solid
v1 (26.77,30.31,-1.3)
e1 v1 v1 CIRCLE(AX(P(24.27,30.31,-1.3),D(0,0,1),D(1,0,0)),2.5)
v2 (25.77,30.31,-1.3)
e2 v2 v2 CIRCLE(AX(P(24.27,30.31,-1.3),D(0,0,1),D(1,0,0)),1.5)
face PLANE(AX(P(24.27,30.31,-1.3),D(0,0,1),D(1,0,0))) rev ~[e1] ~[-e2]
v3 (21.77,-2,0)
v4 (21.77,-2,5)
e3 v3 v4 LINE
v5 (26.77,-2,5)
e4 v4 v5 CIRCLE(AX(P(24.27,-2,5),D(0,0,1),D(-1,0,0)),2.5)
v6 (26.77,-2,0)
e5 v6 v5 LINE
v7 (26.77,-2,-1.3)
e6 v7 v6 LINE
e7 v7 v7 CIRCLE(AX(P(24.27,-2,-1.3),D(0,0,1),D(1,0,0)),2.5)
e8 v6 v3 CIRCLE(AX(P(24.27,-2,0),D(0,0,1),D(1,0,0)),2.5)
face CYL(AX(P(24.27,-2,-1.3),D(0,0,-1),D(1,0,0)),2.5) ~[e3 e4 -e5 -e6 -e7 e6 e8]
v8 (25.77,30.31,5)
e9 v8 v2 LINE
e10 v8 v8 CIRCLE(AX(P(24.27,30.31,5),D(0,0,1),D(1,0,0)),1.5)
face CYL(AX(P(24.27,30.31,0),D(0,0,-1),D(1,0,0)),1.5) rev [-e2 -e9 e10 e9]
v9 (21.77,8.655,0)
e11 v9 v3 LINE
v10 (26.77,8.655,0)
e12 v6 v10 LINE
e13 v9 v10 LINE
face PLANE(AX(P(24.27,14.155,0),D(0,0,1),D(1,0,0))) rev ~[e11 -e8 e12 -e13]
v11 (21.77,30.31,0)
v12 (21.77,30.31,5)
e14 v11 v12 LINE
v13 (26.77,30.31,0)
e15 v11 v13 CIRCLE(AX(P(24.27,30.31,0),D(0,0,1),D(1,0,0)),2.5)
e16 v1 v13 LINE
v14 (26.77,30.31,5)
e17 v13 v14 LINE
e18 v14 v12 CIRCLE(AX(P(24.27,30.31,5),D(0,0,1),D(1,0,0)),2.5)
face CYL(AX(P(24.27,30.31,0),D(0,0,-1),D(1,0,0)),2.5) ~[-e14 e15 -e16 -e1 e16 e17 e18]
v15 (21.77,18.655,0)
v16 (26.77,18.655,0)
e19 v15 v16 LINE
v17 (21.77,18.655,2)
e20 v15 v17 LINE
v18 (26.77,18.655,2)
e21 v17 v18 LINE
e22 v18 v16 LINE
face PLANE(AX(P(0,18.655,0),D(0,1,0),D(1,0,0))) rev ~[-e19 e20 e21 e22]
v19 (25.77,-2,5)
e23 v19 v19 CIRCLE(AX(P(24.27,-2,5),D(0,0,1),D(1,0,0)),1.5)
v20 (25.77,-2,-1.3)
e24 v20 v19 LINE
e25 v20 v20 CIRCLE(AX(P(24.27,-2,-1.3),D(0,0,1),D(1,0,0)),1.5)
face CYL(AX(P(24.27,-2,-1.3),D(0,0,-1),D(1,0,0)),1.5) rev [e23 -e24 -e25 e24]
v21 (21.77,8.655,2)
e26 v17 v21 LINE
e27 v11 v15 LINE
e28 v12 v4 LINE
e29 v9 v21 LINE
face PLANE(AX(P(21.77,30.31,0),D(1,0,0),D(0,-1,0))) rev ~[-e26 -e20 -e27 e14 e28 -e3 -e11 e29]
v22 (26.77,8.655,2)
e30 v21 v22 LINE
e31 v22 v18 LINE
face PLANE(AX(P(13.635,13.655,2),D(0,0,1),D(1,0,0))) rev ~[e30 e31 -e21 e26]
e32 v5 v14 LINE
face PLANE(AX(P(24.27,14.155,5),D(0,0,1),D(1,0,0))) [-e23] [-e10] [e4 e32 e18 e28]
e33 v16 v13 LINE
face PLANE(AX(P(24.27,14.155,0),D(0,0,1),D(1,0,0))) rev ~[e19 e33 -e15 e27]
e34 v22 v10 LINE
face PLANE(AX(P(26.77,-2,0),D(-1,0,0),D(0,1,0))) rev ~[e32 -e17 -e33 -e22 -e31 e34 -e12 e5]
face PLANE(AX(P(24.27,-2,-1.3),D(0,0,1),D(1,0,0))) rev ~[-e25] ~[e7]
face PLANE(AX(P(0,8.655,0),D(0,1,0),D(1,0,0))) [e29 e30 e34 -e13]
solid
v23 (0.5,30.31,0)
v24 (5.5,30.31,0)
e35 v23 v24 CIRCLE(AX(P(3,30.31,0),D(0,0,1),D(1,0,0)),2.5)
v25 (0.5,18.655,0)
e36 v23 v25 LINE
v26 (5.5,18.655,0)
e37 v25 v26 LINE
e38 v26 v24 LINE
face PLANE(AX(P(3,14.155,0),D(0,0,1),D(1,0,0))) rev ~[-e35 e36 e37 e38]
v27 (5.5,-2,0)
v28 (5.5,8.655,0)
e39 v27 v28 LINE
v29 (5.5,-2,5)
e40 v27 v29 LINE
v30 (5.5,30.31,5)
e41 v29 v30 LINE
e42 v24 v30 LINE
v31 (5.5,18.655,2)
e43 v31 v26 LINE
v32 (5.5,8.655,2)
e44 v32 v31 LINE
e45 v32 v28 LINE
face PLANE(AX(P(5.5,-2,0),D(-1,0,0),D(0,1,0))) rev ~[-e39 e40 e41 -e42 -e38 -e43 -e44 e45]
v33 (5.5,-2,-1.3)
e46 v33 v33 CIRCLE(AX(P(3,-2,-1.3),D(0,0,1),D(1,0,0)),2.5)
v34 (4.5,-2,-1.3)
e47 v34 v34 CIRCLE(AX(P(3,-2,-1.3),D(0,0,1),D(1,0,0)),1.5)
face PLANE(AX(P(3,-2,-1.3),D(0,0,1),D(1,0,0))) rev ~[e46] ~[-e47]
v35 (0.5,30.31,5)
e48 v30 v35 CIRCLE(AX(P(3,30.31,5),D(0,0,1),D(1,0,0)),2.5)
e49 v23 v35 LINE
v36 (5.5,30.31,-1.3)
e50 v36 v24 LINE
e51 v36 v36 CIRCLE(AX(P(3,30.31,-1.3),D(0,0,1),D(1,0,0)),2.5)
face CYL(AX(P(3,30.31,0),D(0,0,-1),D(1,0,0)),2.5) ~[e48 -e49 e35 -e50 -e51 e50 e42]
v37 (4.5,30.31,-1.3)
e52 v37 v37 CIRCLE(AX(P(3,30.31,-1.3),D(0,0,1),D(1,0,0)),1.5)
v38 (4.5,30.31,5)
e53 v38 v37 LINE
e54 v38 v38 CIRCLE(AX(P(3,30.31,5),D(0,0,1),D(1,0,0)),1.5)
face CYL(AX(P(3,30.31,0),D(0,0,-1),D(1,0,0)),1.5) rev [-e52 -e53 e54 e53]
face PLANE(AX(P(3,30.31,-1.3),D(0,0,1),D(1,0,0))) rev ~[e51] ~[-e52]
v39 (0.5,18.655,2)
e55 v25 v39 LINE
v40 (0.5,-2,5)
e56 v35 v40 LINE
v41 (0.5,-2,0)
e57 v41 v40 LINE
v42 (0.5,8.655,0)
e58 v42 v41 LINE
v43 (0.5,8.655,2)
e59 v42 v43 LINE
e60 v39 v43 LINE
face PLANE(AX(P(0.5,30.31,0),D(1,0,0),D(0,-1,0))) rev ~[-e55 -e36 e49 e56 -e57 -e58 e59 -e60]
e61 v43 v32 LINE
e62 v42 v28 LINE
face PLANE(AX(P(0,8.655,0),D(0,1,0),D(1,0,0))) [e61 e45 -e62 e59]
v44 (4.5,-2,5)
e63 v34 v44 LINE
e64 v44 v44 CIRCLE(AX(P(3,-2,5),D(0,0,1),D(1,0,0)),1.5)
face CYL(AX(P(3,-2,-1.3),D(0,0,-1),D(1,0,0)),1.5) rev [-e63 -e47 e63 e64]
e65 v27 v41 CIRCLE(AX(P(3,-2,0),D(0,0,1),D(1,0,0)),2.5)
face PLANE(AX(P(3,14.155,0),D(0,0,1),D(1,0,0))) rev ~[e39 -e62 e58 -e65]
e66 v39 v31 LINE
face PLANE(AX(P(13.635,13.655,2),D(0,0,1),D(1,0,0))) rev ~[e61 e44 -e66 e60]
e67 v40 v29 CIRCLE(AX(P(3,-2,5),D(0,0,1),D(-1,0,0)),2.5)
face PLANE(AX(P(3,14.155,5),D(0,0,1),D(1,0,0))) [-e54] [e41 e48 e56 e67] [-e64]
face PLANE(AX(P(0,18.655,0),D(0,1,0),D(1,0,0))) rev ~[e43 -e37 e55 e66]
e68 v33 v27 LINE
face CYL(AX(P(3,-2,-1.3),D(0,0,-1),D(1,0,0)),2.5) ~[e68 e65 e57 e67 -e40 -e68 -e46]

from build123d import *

# Parameters (mm, degrees)
SKETCH045_R      = 2.5
SKETCH045_R_2    = 1.5
EXTRUDE046_DEPTH = 1.3
SKETCH035_W      = 27.27
SKETCH035_H      = 10
EXTRUDE033_DEPTH = 2
SKETCH034_R      = 1.5
EXTRUDE034_DEPTH = 5


with BuildPart() as extrude_displaycase_mount_stand:
    # Sketch045 → Extrude046 (new body)
    with BuildSketch(Plane.XY):
        with Locations((3, 30.31)):
            Circle(SKETCH045_R)
        with Locations((3, 30.31)):
            Circle(SKETCH045_R_2, mode=Mode.SUBTRACT)
        with Locations((24.27, 30.31)):
            Circle(SKETCH045_R)
        with Locations((24.27, 30.31)):
            Circle(SKETCH045_R_2, mode=Mode.SUBTRACT)
        with Locations((3, -2)):
            Circle(SKETCH045_R)
        with Locations((3, -2)):
            Circle(SKETCH045_R_2, mode=Mode.SUBTRACT)
        with Locations((24.27, -2)):
            Circle(SKETCH045_R)
        with Locations((24.27, -2)):
            Circle(SKETCH045_R_2, mode=Mode.SUBTRACT)
    extrude(amount=EXTRUDE046_DEPTH)


with BuildPart() as extrude_displaycase_mount_stand_1:
    # Extrude046 placement: moved
    add(extrude_displaycase_mount_stand.part.moved(Location((0, 0, -1.3))))


with BuildPart() as extrude_displaycase_mountcutout:
    # Sketch035 → Extrude033 (new body)
    with BuildSketch(Plane.XY):
        with Locations((13.635, 13.655)):
            Rectangle(SKETCH035_W, SKETCH035_H)
    extrude(amount=EXTRUDE033_DEPTH)


with BuildPart() as fusion_displaycase_mount:
    # Sketch034 → Extrude034 (new body)
    with BuildSketch(Plane.XY):
        with BuildLine():
            ThreePointArc((5.5, 30.31), (3, 32.81), (0.5, 30.31))
            Line((0.5, 30.31), (0.5, -2))
            ThreePointArc((0.5, -2), (3, -4.5), (5.5, -2))
            Line((5.5, -2), (5.5, 30.31))
        make_face()
        with Locations((3, 30.31)):
            Circle(SKETCH034_R, mode=Mode.SUBTRACT)
        with Locations((3, -2)):
            Circle(SKETCH034_R, mode=Mode.SUBTRACT)
        with BuildLine():
            ThreePointArc((26.77, 30.31), (24.27, 32.81), (21.77, 30.31))
            Line((21.77, 30.31), (21.77, -2))
            ThreePointArc((21.77, -2), (24.27, -4.5), (26.77, -2))
            Line((26.77, -2), (26.77, 30.31))
        make_face()
        with Locations((24.27, 30.31)):
            Circle(SKETCH034_R, mode=Mode.SUBTRACT)
        with Locations((24.27, -2)):
            Circle(SKETCH034_R, mode=Mode.SUBTRACT)
    extrude(amount=EXTRUDE034_DEPTH)

    # Cut008: cut Extrude_DisplayCase_MountCutOut
    add(extrude_displaycase_mountcutout.part, mode=Mode.SUBTRACT)

    # Fusion014: union Extrude_DisplayCase_Mount_Stand
    add(extrude_displaycase_mount_stand_1.part)


solid = fusion_displaycase_mount.part
